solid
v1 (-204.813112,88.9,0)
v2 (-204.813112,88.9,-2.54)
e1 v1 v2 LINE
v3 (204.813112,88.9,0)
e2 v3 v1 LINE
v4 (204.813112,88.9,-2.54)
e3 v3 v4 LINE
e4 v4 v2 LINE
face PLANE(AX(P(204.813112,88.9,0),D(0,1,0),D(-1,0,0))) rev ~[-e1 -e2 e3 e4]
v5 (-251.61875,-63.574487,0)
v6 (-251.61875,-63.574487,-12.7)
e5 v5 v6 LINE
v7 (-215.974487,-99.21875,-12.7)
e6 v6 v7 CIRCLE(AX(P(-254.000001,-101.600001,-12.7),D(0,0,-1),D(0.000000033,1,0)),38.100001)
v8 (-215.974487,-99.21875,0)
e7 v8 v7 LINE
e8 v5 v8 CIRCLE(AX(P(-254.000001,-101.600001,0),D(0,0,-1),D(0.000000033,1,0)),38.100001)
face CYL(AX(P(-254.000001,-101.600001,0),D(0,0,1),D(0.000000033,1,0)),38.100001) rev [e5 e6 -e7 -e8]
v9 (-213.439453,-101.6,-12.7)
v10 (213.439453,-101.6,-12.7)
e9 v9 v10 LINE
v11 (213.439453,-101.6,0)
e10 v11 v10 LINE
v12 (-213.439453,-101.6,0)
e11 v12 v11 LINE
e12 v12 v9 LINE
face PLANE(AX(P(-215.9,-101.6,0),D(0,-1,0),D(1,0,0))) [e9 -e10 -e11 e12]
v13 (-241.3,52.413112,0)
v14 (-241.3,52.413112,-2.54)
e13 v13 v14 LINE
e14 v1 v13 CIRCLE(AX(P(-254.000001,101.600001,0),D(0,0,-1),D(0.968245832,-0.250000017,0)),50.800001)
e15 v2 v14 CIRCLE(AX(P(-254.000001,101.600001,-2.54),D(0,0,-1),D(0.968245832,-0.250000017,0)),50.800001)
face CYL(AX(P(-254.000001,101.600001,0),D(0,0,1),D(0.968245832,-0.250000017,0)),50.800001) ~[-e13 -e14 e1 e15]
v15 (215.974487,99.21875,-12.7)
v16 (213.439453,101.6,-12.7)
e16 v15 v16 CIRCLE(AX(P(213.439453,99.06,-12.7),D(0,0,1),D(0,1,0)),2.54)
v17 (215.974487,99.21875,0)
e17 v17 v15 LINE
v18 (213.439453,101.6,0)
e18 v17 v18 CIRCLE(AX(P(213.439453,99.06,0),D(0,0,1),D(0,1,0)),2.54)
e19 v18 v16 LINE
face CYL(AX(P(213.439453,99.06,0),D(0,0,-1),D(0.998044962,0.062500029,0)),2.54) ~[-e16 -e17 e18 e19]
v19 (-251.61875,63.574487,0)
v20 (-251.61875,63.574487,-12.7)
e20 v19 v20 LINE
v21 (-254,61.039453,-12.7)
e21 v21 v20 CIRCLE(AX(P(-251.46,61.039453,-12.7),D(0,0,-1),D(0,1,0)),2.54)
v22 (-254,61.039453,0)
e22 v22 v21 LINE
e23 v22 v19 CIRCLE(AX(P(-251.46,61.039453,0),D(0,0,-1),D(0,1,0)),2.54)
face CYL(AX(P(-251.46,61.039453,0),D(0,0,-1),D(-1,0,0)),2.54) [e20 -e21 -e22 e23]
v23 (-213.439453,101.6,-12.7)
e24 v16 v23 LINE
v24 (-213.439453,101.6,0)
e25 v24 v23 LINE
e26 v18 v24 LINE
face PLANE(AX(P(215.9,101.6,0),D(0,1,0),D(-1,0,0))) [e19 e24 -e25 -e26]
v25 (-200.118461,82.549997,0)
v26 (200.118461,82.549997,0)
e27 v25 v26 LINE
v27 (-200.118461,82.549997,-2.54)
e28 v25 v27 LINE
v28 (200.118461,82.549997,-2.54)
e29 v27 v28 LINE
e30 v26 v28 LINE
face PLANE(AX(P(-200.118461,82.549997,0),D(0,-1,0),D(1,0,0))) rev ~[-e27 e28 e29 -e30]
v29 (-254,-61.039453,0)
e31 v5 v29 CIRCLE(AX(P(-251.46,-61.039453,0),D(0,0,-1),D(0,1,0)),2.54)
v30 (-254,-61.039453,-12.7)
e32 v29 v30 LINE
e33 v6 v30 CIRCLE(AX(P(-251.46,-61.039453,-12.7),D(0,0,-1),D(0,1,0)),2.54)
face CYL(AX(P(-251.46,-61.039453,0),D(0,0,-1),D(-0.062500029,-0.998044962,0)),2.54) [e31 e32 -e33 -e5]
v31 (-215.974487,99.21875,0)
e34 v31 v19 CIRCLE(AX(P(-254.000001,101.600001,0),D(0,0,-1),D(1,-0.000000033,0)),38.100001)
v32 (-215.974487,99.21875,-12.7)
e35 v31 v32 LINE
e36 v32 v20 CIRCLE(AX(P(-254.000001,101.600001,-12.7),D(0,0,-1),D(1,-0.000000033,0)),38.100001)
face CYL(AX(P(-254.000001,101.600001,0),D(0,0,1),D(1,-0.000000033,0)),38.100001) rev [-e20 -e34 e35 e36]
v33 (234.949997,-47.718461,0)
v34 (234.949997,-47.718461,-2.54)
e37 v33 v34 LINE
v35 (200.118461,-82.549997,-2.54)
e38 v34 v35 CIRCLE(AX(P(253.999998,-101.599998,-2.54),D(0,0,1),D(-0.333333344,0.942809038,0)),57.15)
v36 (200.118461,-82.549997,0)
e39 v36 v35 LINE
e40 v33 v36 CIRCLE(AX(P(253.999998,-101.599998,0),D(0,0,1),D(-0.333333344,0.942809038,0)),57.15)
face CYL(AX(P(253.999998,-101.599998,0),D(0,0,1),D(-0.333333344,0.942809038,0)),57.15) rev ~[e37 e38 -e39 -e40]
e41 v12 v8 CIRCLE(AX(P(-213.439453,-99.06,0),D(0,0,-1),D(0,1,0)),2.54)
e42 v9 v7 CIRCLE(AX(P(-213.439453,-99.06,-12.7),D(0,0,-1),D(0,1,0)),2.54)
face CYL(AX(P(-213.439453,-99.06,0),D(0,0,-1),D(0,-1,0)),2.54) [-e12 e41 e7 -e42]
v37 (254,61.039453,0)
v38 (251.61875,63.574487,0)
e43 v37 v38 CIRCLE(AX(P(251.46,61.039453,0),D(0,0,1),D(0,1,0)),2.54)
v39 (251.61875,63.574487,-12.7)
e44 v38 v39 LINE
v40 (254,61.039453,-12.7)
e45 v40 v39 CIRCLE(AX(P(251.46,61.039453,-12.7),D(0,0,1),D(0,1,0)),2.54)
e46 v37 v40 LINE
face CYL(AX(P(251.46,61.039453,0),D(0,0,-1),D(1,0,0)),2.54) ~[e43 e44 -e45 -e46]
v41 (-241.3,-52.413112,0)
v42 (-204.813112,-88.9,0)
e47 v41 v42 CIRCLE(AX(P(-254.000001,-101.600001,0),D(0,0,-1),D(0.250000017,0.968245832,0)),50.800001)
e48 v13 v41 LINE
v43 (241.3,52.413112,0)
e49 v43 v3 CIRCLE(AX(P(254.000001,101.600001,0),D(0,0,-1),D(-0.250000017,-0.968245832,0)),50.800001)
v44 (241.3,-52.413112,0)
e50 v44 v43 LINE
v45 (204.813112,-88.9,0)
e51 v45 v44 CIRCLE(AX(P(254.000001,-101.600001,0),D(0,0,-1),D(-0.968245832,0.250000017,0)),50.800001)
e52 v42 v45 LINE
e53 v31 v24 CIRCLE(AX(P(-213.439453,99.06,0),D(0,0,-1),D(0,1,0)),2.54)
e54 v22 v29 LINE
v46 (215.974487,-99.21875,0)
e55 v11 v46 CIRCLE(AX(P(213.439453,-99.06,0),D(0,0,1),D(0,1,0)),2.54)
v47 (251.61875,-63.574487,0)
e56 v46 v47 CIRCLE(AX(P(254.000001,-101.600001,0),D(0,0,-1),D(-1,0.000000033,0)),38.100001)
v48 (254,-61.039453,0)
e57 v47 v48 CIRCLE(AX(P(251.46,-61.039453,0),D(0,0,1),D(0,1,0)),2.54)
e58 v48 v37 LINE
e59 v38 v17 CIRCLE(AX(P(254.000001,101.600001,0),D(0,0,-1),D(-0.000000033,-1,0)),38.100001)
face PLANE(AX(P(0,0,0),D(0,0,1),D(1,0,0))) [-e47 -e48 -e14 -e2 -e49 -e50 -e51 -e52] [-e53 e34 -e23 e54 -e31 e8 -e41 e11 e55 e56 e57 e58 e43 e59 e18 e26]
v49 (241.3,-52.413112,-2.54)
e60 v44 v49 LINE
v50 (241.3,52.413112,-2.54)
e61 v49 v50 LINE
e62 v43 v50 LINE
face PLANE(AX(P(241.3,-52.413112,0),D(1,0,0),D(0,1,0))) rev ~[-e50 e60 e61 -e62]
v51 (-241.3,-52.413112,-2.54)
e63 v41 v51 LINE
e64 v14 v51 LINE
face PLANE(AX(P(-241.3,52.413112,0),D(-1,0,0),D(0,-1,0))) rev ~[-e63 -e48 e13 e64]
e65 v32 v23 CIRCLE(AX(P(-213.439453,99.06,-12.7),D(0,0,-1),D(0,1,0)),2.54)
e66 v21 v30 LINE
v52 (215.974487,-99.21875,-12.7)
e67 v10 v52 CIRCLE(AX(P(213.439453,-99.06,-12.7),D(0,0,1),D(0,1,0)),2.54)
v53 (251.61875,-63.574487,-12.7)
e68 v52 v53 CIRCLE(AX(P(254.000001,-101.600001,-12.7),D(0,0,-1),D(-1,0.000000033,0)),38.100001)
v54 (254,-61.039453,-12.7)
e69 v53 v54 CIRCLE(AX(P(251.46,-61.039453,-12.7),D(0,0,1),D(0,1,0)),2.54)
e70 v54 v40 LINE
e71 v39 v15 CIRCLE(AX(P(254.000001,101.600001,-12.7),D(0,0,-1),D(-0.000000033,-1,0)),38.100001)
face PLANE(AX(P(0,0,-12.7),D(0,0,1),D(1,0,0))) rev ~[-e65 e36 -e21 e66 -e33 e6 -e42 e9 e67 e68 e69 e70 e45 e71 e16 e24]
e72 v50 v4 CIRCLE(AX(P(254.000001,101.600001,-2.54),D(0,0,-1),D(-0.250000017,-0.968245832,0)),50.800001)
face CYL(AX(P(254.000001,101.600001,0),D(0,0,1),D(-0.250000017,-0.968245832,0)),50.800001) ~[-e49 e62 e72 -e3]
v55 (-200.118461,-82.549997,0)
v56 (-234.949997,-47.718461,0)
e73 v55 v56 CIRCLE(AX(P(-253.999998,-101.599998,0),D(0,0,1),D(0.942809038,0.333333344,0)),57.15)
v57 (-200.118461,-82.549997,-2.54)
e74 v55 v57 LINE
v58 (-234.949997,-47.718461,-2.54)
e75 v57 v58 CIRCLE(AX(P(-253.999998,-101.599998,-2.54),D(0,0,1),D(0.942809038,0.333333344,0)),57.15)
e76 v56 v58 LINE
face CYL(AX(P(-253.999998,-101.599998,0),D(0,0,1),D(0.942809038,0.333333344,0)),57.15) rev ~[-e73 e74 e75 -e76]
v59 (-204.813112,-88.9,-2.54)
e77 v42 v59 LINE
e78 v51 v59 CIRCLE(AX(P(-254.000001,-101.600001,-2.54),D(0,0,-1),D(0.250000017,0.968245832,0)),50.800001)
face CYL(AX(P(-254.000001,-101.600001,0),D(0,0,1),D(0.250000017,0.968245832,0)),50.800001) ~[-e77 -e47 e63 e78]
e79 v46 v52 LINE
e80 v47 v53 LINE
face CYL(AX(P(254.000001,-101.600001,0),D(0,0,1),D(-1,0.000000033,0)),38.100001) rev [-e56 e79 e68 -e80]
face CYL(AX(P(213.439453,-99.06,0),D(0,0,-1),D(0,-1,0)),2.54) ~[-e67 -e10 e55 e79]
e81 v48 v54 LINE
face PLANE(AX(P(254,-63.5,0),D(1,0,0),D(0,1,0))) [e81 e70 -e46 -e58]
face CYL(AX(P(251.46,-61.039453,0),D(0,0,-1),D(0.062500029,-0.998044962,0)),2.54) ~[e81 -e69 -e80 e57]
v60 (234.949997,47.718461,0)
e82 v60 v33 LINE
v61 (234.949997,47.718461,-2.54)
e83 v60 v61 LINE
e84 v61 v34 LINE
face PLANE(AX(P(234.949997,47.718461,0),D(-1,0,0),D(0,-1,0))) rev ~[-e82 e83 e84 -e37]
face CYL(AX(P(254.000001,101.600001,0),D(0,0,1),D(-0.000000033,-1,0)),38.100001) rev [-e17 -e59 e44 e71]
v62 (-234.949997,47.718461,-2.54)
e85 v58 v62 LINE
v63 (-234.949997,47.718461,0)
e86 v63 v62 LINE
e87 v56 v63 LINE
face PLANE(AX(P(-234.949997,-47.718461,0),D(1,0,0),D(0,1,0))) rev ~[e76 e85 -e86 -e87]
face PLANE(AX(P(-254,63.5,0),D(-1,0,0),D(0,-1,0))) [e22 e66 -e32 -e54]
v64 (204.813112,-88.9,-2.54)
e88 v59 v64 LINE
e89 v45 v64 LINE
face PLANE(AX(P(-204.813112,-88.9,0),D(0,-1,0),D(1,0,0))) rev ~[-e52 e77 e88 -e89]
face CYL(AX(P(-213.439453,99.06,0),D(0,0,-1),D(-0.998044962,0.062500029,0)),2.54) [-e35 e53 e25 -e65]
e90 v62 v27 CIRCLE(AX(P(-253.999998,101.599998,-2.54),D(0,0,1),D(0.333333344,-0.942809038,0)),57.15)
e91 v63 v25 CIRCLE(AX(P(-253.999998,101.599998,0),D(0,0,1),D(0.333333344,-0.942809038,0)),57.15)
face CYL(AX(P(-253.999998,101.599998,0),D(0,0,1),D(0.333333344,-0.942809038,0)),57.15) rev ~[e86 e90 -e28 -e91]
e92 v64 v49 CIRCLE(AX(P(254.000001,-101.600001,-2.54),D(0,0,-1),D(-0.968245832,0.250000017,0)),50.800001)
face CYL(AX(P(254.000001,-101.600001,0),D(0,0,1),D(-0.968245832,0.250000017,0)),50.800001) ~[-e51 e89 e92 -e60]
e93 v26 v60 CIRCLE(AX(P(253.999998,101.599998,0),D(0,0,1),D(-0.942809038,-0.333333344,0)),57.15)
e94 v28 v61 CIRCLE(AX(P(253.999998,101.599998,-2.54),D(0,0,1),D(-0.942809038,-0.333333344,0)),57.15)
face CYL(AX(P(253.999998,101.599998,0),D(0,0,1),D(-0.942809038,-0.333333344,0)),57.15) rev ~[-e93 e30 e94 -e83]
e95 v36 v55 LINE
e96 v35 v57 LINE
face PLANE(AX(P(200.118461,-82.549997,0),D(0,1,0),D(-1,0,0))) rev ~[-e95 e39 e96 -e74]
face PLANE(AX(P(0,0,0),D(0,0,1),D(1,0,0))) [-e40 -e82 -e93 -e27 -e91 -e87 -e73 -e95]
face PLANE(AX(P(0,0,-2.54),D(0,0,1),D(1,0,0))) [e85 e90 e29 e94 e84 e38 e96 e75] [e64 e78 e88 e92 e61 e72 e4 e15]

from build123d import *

# Parameters (mm, degrees)
F1_DEPTH = 12.7
F3_DEPTH = 2.54
F4_R     = 2.54


with BuildPart() as f1:
    # F0 (on Top) → F1 (new body)
    with BuildSketch(Plane.XY):
        with BuildLine():
            Line((-215.9, -101.6), (215.9, -101.6))
            ThreePointArc((215.9, -101.6), (227.059232, -74.659232), (254, -63.5))
            Line((254, -63.5), (254, 63.5))
            ThreePointArc((254, 63.5), (227.059232, 74.659232), (215.9, 101.6))
            Line((215.9, 101.6), (-215.9, 101.6))
            ThreePointArc((-215.9, 101.6), (-227.059232, 74.659232), (-254, 63.5))
            Line((-254, 63.5), (-254, -63.5))
            ThreePointArc((-254, -63.5), (-227.059232, -74.659232), (-215.9, -101.6))
        make_face()
    extrude(amount=-F1_DEPTH)

    # F2 (on face) → F3 (cut)
    with BuildSketch(Plane.XY):
        with BuildLine():
            ThreePointArc((241.3, 52.413112), (218.078976, 65.678976), (204.813112, 88.9))
            Line((204.813112, 88.9), (-204.813112, 88.9))
            ThreePointArc((-204.813112, 88.9), (-218.078976, 65.678976), (-241.3, 52.413112))
            Line((-241.3, 52.413112), (-241.3, -52.413112))
            ThreePointArc((-241.3, -52.413112), (-218.078976, -65.678976), (-204.813112, -88.9))
            Line((-204.813112, -88.9), (204.813112, -88.9))
            ThreePointArc((204.813112, -88.9), (218.078976, -65.678976), (241.3, -52.413112))
            Line((241.3, -52.413112), (241.3, 52.413112))
        make_face()
        with BuildLine():
            Line((-200.118461, 82.549997), (200.118461, 82.549997))
            ThreePointArc((200.118461, 82.549997), (213.588845, 61.188845), (234.949997, 47.718461))
            Line((234.949997, 47.718461), (234.949997, -47.718461))
            ThreePointArc((234.949997, -47.718461), (213.588845, -61.188845), (200.118461, -82.549997))
            Line((200.118461, -82.549997), (-200.118461, -82.549997))
            ThreePointArc((-200.118461, -82.549997), (-213.588845, -61.188845), (-234.949997, -47.718461))
            Line((-234.949997, -47.718461), (-234.949997, 47.718461))
            ThreePointArc((-234.949997, 47.718461), (-213.588845, 61.188845), (-200.118461, 82.549997))
        make_face(mode=Mode.SUBTRACT)
    extrude(amount=-F3_DEPTH, mode=Mode.SUBTRACT)

    # F4
    f4_edges = [f1.edges().sort_by_distance(p)[0] for p in [
        (-254, 63.5, -6.35),
        (-215.9, 101.6, -6.35),
        (254, 63.5, -6.35),
        (215.9, 101.6, -6.35),
        (254, -63.5, -6.35),
        (215.9, -101.6, -6.35),
        (-215.9, -101.6, -6.35),
        (-254, -63.5, -6.35),
    ]]
    fillet(f4_edges, radius=F4_R)


solid = f1.part
